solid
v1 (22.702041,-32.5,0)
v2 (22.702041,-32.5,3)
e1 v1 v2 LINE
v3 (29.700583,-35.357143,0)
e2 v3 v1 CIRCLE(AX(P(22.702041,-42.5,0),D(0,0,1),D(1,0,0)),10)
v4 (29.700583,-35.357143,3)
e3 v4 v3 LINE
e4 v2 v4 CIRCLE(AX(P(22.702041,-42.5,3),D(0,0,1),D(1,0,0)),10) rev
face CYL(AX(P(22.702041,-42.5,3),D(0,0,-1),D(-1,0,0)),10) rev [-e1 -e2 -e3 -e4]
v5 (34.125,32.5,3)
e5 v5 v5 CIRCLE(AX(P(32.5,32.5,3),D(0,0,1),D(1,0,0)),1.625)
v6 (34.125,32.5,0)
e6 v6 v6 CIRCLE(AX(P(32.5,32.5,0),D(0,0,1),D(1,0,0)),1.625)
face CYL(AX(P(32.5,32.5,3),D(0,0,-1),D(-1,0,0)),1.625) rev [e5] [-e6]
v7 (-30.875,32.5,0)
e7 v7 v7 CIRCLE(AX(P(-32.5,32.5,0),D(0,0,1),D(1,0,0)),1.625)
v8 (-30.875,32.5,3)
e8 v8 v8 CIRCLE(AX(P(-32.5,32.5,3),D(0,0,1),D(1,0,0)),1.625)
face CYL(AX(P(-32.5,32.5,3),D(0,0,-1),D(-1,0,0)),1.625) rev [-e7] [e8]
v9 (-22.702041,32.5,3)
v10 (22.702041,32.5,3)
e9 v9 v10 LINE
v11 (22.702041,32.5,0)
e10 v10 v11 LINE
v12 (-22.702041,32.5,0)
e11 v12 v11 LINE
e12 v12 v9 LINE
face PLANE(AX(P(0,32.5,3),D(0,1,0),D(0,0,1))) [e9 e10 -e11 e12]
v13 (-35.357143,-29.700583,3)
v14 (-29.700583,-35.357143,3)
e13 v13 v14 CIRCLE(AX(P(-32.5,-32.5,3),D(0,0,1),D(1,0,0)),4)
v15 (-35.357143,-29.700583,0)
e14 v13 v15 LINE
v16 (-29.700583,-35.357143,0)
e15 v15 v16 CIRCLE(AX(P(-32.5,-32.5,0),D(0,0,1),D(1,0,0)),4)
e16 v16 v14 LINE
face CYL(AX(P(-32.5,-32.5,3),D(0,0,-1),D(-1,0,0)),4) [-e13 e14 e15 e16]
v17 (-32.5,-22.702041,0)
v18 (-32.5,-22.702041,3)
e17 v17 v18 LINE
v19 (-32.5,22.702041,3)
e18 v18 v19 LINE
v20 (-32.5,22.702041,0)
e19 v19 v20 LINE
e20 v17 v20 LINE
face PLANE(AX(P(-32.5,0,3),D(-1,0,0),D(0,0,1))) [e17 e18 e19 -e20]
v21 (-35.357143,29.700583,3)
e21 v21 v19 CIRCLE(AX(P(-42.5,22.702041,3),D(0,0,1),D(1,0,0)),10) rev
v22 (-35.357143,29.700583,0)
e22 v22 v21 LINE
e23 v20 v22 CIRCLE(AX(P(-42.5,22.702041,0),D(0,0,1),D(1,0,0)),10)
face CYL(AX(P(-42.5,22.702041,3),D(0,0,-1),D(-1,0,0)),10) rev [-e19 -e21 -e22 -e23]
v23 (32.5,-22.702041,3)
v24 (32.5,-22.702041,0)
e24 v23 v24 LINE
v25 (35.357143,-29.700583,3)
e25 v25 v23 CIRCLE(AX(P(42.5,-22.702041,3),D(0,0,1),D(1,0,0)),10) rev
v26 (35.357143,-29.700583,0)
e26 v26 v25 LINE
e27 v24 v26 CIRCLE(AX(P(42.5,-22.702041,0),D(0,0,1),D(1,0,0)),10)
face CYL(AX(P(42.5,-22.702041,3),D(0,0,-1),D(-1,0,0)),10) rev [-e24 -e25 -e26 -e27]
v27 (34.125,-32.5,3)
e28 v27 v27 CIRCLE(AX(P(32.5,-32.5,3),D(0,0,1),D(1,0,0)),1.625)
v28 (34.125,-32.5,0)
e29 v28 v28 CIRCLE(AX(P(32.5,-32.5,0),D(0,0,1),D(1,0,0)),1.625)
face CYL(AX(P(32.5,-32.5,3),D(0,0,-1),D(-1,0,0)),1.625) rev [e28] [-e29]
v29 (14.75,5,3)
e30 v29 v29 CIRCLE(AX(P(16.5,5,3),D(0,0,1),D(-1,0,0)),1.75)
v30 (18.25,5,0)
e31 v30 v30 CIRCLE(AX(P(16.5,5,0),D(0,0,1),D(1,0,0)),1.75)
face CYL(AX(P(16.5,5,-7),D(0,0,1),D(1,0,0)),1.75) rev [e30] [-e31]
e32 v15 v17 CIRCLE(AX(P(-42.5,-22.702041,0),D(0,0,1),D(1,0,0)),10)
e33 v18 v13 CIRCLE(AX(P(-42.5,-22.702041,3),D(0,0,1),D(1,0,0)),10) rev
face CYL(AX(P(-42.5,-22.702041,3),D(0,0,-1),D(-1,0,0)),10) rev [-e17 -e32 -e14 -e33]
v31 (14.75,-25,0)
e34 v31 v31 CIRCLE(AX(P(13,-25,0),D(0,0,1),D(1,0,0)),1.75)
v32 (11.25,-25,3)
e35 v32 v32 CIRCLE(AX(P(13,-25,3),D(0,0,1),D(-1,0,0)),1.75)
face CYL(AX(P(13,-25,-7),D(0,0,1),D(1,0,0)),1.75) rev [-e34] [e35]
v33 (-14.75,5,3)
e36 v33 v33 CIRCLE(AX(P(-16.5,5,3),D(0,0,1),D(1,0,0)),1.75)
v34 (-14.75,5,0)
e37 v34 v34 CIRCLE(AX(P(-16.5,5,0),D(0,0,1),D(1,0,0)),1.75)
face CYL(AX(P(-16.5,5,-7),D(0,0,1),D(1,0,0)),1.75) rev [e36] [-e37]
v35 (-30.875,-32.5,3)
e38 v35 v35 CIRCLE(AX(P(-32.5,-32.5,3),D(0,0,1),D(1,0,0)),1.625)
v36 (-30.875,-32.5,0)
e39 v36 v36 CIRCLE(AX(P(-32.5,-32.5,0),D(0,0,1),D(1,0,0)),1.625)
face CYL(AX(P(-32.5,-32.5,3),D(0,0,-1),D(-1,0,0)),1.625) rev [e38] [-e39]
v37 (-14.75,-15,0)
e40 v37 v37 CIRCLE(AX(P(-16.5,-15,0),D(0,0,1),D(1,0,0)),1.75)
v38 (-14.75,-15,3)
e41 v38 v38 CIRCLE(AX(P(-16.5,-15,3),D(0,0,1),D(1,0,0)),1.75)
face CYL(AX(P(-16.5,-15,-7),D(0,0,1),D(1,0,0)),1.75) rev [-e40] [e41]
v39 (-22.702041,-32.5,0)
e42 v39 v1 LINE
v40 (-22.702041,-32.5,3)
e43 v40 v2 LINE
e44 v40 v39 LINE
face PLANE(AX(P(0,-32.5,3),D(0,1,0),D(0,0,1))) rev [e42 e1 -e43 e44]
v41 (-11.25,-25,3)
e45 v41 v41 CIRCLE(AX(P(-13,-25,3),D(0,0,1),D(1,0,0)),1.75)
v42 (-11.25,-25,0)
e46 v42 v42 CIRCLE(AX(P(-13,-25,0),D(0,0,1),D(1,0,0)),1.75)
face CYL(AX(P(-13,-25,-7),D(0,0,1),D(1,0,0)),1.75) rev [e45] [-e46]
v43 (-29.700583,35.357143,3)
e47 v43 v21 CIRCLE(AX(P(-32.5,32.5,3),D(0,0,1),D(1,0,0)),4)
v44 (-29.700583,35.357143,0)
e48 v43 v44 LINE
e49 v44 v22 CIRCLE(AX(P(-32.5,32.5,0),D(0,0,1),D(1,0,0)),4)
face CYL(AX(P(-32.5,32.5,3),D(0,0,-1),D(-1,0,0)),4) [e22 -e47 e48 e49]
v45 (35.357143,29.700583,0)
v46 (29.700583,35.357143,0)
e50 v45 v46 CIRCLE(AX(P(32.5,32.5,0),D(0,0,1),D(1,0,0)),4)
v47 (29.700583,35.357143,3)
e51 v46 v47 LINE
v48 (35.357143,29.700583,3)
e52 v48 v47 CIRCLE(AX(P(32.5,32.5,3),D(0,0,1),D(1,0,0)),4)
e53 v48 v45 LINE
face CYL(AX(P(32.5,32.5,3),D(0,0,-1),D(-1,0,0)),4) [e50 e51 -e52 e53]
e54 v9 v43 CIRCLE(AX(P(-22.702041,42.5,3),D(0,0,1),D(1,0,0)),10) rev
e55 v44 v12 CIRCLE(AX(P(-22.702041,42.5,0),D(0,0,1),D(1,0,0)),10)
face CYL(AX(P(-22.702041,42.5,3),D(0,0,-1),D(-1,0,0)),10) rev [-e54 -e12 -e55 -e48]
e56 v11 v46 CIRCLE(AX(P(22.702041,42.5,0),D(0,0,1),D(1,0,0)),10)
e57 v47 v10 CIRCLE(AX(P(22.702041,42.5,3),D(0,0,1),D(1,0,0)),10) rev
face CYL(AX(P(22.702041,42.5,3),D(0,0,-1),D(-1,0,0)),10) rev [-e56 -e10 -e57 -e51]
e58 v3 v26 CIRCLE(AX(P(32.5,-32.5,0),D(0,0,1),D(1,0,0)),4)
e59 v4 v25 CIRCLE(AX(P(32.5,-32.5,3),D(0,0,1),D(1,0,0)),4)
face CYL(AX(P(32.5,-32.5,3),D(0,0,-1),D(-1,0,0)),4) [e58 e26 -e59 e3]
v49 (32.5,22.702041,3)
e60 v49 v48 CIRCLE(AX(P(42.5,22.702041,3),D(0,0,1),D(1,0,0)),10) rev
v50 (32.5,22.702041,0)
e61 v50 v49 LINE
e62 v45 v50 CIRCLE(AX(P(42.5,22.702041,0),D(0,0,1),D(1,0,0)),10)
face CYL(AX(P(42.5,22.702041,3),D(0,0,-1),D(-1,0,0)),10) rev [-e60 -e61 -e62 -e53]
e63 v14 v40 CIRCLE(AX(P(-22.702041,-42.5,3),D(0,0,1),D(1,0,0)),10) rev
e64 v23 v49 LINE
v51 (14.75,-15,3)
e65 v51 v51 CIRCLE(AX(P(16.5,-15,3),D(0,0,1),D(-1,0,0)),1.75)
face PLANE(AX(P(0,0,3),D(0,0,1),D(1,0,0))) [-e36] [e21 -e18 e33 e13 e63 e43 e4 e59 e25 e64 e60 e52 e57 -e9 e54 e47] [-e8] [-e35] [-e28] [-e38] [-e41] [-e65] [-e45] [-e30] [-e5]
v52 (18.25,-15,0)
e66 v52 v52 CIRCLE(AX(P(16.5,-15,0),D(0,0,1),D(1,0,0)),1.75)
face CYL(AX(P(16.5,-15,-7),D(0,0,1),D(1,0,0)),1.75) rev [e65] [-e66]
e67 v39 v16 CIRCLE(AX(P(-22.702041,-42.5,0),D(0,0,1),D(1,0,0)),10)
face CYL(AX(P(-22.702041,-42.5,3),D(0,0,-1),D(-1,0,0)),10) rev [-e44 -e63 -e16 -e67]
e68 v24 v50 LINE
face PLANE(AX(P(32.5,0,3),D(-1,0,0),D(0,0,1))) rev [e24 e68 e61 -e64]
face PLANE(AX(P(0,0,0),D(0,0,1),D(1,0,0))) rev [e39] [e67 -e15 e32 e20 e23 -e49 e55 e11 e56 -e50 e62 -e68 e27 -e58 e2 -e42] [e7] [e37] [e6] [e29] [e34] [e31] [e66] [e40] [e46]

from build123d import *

# Parameters (mm, degrees)
SKETCH_1_R          = 1.625
EXTRUDE_1_DEPTH     = 3
FILLET_1_R          = 10
SKETCH_2_R          = 1.75
CUT_EXTRUDE_1_DEPTH = 10
SKETCH_4_R          = 1.75
CUT_EXTRUDE_2_DEPTH = 10
SKETCH_5_R          = 1.75
CUT_EXTRUDE_3_DEPTH = 10


with BuildPart() as part:
    # Эскиз1 → Бобышка-Вытянуть1 (new body)
    with BuildSketch(Plane.XY):
        with BuildLine():
            ThreePointArc((-32.5, -28.5), (-35.328427125, -35.328427125), (-28.5, -32.5))
            Line((-28.5, -32.5), (28.5, -32.5))
            ThreePointArc((28.5, -32.5), (35.328427125, -35.328427125), (32.5, -28.5))
            Line((32.5, -28.5), (32.5, 28.5))
            ThreePointArc((32.5, 28.5), (35.328427125, 35.328427125), (28.5, 32.5))
            Line((28.5, 32.5), (-28.5, 32.5))
            ThreePointArc((-28.5, 32.5), (-35.328427125, 35.328427125), (-32.5, 28.5))
            Line((-32.5, 28.5), (-32.5, -28.5))
        make_face()
        with Locations((-32.5, -32.5)):
            Circle(SKETCH_1_R, mode=Mode.SUBTRACT)
        with Locations((32.5, 32.5)):
            Circle(SKETCH_1_R, mode=Mode.SUBTRACT)
        with Locations((-32.5, 32.5)):
            Circle(SKETCH_1_R, mode=Mode.SUBTRACT)
        with Locations((32.5, -32.5)):
            Circle(SKETCH_1_R, mode=Mode.SUBTRACT)
    extrude(amount=EXTRUDE_1_DEPTH)

    # Скругление1
    fillet_1_edges = [part.edges().sort_by_distance(p)[0] for p in [
        (-32.5, -28.5, 1.5),
        (-32.5, 28.5, 1.5),
        (-28.5, 32.5, 1.5),
        (28.5, 32.5, 1.5),
        (32.5, 28.5, 1.5),
        (32.5, -28.5, 1.5),
        (28.5, -32.5, 1.5),
        (-28.5, -32.5, 1.5),
    ]]
    fillet(fillet_1_edges, radius=FILLET_1_R)

    # Эскиз2 → Вырез-Вытянуть1 (cut)
    with BuildSketch(Plane.XY.offset(3)):
        with Locations((-13, -25)):
            Circle(SKETCH_2_R)
        with Locations((13, -25)):
            Circle(SKETCH_2_R)
    extrude(amount=-CUT_EXTRUDE_1_DEPTH, mode=Mode.SUBTRACT)

    # Эскиз4 → Вырез-Вытянуть2 (cut)
    with BuildSketch(Plane.XY.offset(3)):
        with Locations((-16.5, -15)):
            Circle(SKETCH_4_R)
        with Locations((16.5, -15)):
            Circle(SKETCH_4_R)
    extrude(amount=-CUT_EXTRUDE_2_DEPTH, mode=Mode.SUBTRACT)

    # Эскиз5 → Вырез-Вытянуть3 (cut)
    with BuildSketch(Plane.XY.offset(3)):
        with Locations((-16.5, 5)):
            Circle(SKETCH_5_R)
        with Locations((16.5, 5)):
            Circle(SKETCH_5_R)
    extrude(amount=-CUT_EXTRUDE_3_DEPTH, mode=Mode.SUBTRACT)


solid = part.part
